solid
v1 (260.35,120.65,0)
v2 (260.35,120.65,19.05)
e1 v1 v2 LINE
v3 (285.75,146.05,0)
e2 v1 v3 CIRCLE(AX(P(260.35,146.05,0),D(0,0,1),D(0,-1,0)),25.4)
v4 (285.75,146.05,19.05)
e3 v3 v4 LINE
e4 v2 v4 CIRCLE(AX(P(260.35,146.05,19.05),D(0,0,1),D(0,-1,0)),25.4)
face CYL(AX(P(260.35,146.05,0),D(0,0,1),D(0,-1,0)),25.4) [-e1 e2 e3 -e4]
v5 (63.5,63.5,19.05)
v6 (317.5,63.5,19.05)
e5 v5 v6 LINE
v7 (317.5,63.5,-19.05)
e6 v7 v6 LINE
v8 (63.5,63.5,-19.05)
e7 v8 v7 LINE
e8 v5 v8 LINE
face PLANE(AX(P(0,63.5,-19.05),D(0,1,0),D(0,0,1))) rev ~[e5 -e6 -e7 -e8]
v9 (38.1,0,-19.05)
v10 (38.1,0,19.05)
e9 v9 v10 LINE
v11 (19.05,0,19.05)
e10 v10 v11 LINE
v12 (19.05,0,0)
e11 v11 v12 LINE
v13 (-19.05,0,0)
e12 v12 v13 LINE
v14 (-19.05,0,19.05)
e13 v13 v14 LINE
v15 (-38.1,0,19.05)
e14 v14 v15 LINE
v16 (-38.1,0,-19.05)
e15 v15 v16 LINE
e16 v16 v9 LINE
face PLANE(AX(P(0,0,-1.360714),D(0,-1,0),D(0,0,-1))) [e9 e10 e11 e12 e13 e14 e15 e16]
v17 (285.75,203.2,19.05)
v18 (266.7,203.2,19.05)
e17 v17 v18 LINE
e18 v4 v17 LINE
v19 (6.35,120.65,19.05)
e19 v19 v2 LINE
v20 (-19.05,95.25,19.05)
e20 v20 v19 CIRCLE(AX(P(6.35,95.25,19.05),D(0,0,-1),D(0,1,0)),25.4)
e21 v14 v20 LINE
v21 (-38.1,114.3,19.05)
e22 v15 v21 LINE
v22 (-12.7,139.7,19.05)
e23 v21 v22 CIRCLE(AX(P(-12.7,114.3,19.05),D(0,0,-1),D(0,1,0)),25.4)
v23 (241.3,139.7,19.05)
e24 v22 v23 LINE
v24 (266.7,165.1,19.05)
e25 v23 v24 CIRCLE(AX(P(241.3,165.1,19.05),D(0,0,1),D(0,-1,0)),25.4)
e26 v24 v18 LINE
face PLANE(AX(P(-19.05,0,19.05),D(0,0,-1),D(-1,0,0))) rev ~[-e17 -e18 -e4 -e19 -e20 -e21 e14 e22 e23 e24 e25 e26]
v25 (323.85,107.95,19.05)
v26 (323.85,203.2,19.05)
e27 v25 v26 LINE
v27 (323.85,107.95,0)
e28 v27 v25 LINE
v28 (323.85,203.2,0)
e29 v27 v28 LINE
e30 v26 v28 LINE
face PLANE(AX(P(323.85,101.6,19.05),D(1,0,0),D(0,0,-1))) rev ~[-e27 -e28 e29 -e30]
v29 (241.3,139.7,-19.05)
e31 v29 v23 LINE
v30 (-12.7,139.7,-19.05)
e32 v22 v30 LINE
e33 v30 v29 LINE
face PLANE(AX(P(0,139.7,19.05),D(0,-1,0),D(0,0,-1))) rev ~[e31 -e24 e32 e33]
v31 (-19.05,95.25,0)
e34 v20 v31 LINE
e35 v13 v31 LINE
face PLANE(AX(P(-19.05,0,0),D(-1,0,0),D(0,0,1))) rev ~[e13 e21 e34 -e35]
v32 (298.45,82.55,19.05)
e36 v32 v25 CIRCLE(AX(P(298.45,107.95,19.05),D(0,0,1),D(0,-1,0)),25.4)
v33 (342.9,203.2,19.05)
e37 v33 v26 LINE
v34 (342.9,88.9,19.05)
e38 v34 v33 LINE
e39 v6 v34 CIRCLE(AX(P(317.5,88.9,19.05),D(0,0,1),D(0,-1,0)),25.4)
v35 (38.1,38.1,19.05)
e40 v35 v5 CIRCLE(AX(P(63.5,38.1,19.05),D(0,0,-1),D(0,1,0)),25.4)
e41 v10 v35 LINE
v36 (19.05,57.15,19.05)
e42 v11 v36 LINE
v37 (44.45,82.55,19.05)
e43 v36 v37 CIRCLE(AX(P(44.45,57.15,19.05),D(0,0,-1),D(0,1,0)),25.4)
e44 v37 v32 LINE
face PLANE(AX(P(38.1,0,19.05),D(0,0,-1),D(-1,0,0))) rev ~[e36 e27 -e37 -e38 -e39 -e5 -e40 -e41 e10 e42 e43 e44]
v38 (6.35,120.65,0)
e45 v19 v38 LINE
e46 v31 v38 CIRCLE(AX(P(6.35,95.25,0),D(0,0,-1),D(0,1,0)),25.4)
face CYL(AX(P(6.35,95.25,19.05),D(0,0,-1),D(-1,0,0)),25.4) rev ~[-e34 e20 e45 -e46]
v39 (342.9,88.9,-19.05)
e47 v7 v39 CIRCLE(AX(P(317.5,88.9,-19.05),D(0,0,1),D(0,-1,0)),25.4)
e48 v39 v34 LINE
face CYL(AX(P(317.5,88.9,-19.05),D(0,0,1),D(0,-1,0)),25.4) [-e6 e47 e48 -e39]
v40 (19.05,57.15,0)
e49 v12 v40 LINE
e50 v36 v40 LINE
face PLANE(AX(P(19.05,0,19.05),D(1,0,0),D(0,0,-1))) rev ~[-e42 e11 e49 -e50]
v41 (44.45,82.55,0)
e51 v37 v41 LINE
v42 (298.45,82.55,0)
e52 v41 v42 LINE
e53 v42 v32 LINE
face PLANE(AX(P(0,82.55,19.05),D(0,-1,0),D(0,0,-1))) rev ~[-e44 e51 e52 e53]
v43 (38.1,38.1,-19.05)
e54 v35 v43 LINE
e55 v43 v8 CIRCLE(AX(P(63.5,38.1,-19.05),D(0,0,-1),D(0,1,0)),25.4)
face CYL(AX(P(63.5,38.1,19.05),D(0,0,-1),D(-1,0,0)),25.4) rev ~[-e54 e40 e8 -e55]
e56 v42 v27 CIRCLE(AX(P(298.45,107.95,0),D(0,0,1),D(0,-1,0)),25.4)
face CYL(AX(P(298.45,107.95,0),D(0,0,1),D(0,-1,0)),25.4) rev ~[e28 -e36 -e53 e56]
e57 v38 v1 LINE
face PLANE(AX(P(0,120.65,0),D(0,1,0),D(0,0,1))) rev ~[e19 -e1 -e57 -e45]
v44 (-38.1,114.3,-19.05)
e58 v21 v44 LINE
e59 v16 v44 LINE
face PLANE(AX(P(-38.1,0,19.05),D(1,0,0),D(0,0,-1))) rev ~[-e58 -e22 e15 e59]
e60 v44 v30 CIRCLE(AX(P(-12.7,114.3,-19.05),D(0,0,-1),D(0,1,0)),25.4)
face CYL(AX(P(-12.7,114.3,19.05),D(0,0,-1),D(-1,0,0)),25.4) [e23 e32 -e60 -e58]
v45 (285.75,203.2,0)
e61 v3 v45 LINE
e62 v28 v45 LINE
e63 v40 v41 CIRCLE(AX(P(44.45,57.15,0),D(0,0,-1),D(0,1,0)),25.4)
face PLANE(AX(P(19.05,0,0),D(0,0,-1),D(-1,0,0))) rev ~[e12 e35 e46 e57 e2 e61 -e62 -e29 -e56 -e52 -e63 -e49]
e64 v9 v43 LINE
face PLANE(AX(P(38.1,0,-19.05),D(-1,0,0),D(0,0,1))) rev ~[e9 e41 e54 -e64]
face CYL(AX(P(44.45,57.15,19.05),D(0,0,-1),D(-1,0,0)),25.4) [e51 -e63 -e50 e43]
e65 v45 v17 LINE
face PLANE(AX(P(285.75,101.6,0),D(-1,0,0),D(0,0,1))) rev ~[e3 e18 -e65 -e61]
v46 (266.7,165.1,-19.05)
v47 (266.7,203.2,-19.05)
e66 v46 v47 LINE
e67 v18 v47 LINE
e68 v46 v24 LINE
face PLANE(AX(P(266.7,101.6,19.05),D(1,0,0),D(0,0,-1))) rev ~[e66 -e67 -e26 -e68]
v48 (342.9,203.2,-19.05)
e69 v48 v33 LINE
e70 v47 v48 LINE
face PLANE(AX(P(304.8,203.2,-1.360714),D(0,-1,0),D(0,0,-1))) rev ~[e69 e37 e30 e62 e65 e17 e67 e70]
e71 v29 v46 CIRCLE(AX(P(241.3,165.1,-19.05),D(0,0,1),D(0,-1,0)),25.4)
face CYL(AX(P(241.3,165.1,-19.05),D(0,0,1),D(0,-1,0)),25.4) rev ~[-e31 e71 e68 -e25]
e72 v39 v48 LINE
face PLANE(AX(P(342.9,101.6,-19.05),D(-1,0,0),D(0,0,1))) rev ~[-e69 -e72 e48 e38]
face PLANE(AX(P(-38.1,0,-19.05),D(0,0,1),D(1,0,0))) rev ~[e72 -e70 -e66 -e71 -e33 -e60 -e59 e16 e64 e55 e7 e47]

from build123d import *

# Parameters (mm, degrees)
F3_R = 25.4


with BuildPart() as f2:
    # F2: sweep along a path in F1
    with BuildLine(Plane.XY) as f2_path:
        Line((0, 0), (0, 101.6))
        Line((0, 101.6), (304.8, 101.6))
        Line((304.8, 101.6), (304.8, 203.2))
    # F0 (on Front) → F2 (sweep)
    with BuildSketch(Plane.XZ):
        Polygon((-19.05, 19.05), (-38.1, 19.05), (-38.1, -19.05), (38.1, -19.05), (38.1, 19.05), (19.05, 19.05), (19.05, 0), (-19.05, 0), align=None)
    sweep(path=f2_path.line, transition=Transition.RIGHT)

    # F3
    f3_edges = [f2.edges().sort_by_distance(p)[0] for p in [
        (342.9, 63.5, 0),
        (38.1, 63.5, 0),
        (-38.1, 139.7, 0),
        (266.7, 139.7, 0),
        (-19.05, 120.65, 9.525),
        (285.75, 120.65, 9.525),
        (19.05, 82.55, 9.525),
        (323.85, 82.55, 9.525),
    ]]
    fillet(f3_edges, radius=F3_R)


solid = f2.part
